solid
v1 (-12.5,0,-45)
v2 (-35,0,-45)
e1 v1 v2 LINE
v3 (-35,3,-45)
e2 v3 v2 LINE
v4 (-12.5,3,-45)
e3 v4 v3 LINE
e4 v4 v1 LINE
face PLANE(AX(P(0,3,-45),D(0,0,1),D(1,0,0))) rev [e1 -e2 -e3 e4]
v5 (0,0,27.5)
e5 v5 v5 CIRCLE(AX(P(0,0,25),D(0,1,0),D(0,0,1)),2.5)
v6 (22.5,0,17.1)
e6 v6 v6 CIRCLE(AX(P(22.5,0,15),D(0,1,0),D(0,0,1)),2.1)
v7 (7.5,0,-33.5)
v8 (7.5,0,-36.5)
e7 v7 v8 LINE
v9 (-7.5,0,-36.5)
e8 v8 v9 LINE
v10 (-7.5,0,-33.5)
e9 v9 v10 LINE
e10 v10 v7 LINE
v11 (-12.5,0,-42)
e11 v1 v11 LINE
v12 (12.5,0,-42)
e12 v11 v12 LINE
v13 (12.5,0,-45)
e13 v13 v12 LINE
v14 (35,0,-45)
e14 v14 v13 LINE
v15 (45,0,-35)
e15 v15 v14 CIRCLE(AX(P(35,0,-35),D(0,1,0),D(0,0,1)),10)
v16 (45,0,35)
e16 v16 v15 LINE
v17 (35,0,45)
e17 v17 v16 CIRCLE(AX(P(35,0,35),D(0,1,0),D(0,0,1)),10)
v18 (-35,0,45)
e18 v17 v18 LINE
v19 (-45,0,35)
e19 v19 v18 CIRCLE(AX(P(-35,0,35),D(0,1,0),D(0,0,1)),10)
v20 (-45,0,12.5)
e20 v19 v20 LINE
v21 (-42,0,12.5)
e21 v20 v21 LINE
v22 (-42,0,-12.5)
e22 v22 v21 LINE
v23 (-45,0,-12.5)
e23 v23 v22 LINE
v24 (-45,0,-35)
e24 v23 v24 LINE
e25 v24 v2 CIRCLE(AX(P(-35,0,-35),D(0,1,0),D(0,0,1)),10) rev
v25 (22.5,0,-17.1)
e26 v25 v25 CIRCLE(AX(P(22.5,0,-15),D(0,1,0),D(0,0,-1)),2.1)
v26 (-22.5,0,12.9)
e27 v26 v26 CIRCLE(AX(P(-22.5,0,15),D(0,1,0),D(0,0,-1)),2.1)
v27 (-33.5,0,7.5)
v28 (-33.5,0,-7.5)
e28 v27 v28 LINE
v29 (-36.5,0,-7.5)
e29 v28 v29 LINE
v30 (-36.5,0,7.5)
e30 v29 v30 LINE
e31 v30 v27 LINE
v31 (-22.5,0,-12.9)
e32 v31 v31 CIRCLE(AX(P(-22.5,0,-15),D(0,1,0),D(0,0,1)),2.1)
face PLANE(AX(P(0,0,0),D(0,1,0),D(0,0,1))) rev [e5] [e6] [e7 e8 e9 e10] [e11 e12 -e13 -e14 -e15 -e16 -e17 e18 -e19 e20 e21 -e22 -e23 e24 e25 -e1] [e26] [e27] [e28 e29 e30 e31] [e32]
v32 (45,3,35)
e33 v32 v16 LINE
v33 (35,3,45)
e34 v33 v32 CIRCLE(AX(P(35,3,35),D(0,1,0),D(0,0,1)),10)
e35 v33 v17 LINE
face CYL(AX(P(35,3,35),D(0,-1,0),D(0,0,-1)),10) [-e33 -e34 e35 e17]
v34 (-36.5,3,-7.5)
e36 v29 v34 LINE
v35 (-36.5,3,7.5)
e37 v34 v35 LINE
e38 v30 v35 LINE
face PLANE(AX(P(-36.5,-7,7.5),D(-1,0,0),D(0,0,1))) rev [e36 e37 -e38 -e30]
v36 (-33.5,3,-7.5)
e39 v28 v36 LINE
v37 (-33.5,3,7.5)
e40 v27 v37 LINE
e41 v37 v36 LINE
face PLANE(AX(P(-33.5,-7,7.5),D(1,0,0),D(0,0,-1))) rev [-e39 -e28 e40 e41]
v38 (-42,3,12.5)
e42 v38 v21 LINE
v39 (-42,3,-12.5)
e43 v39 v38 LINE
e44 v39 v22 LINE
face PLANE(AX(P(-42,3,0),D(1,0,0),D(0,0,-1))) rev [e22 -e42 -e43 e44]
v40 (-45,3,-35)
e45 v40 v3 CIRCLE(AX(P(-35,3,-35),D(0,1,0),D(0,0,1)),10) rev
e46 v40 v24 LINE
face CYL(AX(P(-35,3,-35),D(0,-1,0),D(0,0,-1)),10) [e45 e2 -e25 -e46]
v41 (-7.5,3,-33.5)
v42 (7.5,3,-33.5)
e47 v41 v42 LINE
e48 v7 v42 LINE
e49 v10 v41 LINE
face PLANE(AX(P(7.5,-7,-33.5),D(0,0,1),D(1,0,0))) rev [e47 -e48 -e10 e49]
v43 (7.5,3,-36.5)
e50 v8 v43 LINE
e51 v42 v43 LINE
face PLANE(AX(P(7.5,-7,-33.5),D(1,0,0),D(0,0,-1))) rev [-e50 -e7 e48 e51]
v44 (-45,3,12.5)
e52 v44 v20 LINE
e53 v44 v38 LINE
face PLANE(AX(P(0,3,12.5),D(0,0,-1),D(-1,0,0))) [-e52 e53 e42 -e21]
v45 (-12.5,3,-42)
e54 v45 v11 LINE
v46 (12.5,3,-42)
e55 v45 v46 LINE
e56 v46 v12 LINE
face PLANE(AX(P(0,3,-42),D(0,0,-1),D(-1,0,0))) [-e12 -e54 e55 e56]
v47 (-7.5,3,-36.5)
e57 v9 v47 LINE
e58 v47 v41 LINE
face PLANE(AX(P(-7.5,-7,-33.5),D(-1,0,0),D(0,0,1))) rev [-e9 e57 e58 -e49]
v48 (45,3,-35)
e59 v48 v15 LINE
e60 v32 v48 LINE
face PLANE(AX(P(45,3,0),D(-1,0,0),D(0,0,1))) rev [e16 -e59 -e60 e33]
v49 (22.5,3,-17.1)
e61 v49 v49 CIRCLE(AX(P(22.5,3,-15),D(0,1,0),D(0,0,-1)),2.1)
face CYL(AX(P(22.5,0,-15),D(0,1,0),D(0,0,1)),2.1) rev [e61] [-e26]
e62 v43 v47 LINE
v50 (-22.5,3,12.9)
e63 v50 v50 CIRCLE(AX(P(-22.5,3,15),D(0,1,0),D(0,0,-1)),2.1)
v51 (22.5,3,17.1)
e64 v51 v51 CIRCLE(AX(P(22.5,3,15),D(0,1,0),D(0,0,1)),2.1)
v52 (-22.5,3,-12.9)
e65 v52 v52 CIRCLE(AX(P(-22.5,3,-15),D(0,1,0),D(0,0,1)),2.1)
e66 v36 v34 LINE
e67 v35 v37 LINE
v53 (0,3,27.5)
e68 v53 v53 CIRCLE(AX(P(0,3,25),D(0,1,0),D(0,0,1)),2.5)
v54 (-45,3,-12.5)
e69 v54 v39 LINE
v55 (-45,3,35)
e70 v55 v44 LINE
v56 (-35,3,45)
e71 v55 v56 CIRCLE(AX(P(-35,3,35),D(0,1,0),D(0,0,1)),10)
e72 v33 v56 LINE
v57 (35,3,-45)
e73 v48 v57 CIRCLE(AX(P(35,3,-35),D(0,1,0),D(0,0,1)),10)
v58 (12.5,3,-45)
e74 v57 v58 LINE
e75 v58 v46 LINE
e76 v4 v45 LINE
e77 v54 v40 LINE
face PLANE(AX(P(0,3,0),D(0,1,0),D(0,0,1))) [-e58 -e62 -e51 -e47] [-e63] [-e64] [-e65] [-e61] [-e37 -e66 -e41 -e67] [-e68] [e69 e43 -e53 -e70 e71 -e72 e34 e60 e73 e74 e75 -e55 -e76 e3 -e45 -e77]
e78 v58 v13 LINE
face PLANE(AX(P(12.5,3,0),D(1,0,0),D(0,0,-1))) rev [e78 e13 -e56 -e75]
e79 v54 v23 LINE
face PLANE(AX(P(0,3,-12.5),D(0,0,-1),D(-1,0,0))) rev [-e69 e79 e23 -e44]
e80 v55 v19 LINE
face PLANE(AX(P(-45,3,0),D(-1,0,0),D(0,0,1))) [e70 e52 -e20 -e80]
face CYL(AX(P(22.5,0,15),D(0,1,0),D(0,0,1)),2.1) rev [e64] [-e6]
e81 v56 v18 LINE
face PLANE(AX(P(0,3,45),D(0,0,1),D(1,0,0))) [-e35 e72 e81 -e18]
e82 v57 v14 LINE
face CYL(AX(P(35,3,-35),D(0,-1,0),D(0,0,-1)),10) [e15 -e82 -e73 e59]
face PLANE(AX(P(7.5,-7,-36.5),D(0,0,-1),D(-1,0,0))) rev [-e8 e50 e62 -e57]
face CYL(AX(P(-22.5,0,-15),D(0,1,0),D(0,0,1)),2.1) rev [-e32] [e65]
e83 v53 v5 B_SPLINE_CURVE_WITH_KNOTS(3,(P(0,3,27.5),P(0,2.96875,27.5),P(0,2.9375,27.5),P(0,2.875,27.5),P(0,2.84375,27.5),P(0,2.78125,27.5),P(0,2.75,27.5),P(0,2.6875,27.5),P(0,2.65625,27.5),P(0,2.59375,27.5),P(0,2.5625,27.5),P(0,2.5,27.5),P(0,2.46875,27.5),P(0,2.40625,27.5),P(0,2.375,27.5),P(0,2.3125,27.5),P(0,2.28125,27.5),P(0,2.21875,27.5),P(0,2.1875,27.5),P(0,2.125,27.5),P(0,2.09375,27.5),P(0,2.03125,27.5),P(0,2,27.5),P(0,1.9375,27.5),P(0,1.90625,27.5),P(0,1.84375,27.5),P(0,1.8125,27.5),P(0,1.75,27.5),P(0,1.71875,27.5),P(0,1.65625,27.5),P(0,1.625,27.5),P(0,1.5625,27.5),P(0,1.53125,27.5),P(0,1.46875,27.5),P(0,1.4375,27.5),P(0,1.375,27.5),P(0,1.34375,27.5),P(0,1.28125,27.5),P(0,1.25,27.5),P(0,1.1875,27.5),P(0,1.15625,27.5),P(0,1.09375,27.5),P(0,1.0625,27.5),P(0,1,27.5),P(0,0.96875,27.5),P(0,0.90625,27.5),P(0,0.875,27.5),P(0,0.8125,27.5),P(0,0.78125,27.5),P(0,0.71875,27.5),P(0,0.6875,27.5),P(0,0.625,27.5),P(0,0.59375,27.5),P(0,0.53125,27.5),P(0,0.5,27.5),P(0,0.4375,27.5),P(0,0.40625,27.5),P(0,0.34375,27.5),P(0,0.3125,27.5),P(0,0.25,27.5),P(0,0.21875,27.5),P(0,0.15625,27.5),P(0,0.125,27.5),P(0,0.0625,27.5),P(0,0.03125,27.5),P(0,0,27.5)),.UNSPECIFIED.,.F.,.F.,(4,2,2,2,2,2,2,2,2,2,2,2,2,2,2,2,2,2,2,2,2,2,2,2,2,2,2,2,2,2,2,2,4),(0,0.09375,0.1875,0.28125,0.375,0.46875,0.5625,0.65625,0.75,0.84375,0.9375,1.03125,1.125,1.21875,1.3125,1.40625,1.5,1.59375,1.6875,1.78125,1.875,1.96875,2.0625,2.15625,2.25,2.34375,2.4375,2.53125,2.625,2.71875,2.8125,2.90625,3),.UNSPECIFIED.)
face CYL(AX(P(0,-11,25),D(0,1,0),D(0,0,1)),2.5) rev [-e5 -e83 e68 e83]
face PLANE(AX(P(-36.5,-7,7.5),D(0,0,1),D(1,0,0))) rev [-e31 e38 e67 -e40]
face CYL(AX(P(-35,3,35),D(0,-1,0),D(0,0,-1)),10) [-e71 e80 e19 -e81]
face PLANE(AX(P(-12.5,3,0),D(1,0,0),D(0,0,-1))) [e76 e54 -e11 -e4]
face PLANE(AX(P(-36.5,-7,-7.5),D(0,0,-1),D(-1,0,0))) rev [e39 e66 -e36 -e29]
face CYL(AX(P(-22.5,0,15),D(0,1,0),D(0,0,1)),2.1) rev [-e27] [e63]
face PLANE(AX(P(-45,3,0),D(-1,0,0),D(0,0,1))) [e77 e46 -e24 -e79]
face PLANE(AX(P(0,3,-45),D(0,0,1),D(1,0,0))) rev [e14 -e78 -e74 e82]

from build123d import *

# Parameters (mm, degrees)
BOSS_EXTRUDE1_DEPTH = 3
SKETCH2_R           = 2.1
CUT_EXTRUDE1_DEPTH  = 3
SKETCH3_W           = 15
SKETCH3_H           = 3
SKETCH3_W_2         = 3
SKETCH3_H_2         = 15
CUT_EXTRUDE2_DEPTH  = 10
SKETCH4_R           = 2.5
CUT_EXTRUDE3_DEPTH  = 14


with BuildPart() as part:
    # Sketch1 → Boss-Extrude1 (new body)
    with BuildSketch(Plane(origin=(0, 0, 0), x_dir=(1, 0, 0), z_dir=(0, 1, 0))):
        with BuildLine():
            Line((-35, -45), (35, -45))
            ThreePointArc((35, -45), (42.071067812, -42.071067812), (45, -35))
            Line((45, -35), (45, 35))
            ThreePointArc((45, 35), (42.071067812, 42.071067812), (35, 45))
            Line((35, 45), (12.5, 45))
            Line((12.5, 45), (12.5, 42))
            Line((12.5, 42), (-12.5, 42))
            Line((-12.5, 42), (-12.5, 45))
            Line((-12.5, 45), (-35, 45))
            ThreePointArc((-35, 45), (-42.071067812, 42.071067812), (-45, 35))
            Line((-45, 35), (-45, 12.5))
            Line((-45, 12.5), (-42, 12.5))
            Line((-42, 12.5), (-42, -12.5))
            Line((-42, -12.5), (-45, -12.5))
            Line((-45, -12.5), (-45, -35))
            ThreePointArc((-45, -35), (-42.071067812, -42.071067812), (-35, -45))
        make_face()
    extrude(amount=BOSS_EXTRUDE1_DEPTH)

    # Sketch2 → Cut-Extrude1 (cut)
    with BuildSketch(Plane(origin=(0, 3, 0), x_dir=(1, 0, 0), z_dir=(0, 1, 0))):
        with Locations(Location((-22.5, 15, 0), (0, 0, 270))):
            Circle(SKETCH2_R)
        with Locations(Location((22.5, 15, 0), (0, 0, 90))):
            Circle(SKETCH2_R)
        with Locations(Location((22.5, -15, 0), (0, 0, 270))):
            Circle(SKETCH2_R)
        with Locations(Location((-22.5, -15, 0), (0, 0, 90))):
            Circle(SKETCH2_R)
    extrude(amount=-CUT_EXTRUDE1_DEPTH, mode=Mode.SUBTRACT)

    # Sketch3 → Cut-Extrude2 (cut)
    with BuildSketch(Plane(origin=(0, 3, 0), x_dir=(1, 0, 0), z_dir=(0, 1, 0))):
        with Locations((0, 35)):
            Rectangle(SKETCH3_W, SKETCH3_H)
        with Locations((-35, 0)):
            Rectangle(SKETCH3_W_2, SKETCH3_H_2)
    extrude(amount=-CUT_EXTRUDE2_DEPTH, mode=Mode.SUBTRACT)

    # Sketch4 → Cut-Extrude3 (cut)
    with BuildSketch(Plane(origin=(0, 3, 0), x_dir=(1, 0, 0), z_dir=(0, 1, 0))):
        with Locations(Location((0, -25, 0), (0, 0, 270))):
            Circle(SKETCH4_R)
    extrude(amount=-CUT_EXTRUDE3_DEPTH, mode=Mode.SUBTRACT)


solid = part.part
